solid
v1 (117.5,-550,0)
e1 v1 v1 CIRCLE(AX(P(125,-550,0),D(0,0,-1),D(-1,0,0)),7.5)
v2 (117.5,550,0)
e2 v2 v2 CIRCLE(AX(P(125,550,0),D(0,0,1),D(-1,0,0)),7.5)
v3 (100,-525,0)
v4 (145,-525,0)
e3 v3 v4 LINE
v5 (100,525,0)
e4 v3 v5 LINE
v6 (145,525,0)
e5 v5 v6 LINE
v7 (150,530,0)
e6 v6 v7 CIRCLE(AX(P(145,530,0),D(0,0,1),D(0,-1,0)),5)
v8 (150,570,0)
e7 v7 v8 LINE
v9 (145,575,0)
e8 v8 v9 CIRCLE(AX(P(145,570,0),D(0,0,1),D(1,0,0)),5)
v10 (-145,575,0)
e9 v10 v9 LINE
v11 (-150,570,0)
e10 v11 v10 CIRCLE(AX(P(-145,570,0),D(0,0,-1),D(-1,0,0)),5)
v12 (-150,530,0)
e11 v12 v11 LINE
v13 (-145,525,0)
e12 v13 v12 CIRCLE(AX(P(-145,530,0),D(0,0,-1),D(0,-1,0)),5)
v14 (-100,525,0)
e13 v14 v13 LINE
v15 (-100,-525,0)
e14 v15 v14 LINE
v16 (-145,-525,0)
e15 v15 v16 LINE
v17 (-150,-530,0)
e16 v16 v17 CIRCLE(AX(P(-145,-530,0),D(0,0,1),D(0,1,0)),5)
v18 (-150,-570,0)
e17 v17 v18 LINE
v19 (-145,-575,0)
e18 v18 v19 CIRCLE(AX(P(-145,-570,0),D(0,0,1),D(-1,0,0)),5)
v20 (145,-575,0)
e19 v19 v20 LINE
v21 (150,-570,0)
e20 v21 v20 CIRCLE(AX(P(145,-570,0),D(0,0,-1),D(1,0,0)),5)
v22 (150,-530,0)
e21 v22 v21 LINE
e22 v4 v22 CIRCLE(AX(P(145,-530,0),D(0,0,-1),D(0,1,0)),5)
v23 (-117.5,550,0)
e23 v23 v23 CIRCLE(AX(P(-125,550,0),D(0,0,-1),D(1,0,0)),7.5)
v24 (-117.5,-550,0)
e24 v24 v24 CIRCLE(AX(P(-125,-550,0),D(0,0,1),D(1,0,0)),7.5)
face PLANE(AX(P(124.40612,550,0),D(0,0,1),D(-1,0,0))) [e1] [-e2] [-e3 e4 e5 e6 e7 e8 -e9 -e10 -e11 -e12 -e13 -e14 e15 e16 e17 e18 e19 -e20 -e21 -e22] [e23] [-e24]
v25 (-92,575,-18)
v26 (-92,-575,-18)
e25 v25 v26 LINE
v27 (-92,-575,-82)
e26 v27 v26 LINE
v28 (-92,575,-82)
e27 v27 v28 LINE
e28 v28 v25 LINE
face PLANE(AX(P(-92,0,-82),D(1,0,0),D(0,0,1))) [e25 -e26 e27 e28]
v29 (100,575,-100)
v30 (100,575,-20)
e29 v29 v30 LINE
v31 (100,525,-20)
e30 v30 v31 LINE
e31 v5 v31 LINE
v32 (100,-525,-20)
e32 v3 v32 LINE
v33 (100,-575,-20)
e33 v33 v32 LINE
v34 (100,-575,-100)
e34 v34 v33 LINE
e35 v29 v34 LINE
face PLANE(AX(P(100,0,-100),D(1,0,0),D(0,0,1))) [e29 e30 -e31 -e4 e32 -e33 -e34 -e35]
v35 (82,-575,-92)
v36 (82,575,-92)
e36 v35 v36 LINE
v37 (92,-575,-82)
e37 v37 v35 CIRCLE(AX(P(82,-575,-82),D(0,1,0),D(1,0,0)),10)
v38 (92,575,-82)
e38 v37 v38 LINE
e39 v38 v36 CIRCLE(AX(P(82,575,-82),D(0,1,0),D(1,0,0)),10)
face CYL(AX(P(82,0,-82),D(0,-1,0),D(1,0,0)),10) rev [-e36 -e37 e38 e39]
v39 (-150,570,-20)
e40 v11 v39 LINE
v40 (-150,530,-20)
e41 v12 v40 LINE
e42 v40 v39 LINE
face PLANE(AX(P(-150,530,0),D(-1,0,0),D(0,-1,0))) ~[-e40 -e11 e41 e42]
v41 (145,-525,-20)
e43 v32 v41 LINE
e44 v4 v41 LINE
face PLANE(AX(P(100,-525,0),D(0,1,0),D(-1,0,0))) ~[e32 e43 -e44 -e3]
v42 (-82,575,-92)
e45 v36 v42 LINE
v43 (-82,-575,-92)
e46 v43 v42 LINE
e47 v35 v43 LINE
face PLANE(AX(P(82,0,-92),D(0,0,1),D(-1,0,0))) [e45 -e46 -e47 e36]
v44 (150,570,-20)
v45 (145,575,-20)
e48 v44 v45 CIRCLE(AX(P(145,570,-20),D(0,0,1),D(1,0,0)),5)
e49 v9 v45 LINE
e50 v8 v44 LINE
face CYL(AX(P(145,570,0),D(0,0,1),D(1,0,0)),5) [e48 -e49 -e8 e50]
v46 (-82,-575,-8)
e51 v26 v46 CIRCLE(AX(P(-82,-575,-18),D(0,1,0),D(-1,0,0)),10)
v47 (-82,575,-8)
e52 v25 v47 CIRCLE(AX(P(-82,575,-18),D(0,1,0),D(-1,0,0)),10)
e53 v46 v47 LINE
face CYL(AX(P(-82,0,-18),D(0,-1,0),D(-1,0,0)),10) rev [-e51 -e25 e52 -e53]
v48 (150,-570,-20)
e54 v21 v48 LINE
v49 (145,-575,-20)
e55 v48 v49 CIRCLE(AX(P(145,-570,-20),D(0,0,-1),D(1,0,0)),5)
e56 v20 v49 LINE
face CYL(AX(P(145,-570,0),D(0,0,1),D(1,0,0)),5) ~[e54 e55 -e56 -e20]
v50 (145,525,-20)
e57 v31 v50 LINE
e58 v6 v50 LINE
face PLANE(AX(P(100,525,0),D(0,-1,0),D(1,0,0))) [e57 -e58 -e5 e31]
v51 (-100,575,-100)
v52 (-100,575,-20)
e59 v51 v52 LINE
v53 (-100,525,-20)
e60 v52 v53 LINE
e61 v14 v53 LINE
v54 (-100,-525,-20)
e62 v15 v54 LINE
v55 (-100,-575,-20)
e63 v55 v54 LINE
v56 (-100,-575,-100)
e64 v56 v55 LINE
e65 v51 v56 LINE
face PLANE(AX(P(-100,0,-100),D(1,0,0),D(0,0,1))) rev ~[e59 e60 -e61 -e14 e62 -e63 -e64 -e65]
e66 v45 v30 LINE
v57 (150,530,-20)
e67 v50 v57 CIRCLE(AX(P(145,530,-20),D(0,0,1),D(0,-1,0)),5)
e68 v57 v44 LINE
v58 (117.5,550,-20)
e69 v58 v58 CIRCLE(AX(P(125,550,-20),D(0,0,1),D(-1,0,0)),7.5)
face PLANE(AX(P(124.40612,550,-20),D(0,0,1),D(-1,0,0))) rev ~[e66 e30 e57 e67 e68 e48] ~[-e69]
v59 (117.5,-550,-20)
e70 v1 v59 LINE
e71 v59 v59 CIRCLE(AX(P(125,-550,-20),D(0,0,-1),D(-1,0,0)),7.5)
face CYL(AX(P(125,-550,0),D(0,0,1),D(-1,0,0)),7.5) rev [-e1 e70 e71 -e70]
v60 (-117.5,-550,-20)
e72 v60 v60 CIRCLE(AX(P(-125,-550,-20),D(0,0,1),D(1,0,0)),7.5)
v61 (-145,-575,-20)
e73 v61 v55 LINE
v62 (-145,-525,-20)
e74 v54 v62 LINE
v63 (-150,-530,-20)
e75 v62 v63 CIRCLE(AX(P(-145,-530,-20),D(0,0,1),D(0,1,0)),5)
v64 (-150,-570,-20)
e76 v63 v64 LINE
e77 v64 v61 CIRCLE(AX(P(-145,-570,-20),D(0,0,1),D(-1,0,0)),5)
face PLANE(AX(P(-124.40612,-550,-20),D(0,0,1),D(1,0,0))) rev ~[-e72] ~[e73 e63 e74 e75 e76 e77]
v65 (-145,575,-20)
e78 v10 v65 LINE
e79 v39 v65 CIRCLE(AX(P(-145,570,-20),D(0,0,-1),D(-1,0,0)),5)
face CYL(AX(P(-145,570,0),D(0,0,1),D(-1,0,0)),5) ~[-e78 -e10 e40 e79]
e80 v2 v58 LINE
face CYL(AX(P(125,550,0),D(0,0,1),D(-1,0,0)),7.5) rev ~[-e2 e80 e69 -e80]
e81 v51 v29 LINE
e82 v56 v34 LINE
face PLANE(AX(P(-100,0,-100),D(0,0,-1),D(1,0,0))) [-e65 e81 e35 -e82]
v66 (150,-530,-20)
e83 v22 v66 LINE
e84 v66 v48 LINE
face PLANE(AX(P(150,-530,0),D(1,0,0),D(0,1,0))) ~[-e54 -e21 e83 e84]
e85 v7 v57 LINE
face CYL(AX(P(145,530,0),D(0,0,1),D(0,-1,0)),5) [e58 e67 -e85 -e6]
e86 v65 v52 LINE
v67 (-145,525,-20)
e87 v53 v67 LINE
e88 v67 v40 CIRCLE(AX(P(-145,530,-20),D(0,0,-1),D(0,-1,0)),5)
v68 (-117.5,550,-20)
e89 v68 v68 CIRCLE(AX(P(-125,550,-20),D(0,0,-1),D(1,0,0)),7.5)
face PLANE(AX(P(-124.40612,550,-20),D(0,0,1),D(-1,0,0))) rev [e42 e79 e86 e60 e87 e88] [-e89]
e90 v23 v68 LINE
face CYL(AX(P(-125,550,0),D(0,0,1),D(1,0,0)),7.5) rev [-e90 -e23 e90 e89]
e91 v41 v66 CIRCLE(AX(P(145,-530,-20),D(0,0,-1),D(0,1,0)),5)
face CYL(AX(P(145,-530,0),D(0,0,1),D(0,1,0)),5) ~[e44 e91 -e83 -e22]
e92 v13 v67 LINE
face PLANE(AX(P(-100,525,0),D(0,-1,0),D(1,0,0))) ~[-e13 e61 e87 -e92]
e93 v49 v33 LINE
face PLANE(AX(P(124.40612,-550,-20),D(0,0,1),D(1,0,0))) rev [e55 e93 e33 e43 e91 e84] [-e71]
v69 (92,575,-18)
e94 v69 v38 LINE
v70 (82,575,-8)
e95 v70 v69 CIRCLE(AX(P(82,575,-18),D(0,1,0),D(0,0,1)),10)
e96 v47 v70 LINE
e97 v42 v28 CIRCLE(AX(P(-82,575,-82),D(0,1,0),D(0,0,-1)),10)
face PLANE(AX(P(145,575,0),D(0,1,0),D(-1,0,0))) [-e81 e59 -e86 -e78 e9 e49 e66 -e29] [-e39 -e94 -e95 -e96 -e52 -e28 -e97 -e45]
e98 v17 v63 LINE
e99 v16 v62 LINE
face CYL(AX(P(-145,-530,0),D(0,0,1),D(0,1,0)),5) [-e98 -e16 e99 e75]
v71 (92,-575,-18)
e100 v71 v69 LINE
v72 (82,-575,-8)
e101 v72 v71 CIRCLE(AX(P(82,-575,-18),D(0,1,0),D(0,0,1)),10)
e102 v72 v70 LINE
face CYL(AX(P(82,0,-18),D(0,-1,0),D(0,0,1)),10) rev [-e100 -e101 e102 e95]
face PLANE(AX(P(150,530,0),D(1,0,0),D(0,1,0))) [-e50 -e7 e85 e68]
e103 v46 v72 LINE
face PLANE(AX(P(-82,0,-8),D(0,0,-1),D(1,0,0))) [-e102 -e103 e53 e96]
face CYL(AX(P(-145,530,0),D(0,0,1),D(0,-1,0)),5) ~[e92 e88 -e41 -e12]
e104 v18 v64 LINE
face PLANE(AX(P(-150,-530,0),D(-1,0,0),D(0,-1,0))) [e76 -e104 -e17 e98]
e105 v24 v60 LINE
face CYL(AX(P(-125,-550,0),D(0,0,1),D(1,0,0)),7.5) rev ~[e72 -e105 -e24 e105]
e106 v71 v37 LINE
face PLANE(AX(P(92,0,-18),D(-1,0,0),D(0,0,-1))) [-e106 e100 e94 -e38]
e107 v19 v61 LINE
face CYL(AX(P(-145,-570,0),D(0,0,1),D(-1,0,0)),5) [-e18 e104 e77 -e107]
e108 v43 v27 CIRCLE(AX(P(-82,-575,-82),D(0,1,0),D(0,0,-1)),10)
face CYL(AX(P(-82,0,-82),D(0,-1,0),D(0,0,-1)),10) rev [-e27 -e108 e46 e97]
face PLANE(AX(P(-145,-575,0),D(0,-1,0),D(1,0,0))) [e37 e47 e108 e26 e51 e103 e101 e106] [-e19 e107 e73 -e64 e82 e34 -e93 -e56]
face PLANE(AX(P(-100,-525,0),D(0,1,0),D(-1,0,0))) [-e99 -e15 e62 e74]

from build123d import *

# Parameters (mm, degrees)
F0_W     = 200
F0_H     = 100
F1_DEPTH = 575
F2_R     = 7.5
F3_DEPTH = 20


with BuildPart() as f1:
    # F0 (on Front) → F1 (new body, symmetric)
    with BuildSketch(Plane.XZ):
        with Locations((0, -50)):
            Rectangle(F0_W, F0_H)
        with BuildLine():
            ThreePointArc((-92, -18), (-89.0710678119, -10.9289321881), (-82, -8))
            Line((-82, -8), (82, -8))
            ThreePointArc((82, -8), (89.0710678119, -10.9289321881), (92, -18))
            Line((92, -18), (92, -82))
            ThreePointArc((92, -82), (89.0710678119, -89.0710678119), (82, -92))
            Line((82, -92), (-82, -92))
            ThreePointArc((-82, -92), (-89.0710678119, -89.0710678119), (-92, -82))
            Line((-92, -82), (-92, -18))
        make_face(mode=Mode.SUBTRACT)
    extrude(amount=F1_DEPTH, both=True)

    # F2 (on face) → F3 (join)
    with BuildSketch(Plane.XY):
        with BuildLine():
            Line((-145, -575), (-100, -575))
            Line((-100, -575), (-100, -525))
            Line((-100, -525), (-145, -525))
            ThreePointArc((-145, -525), (-148.5355339059, -526.4644660941), (-150, -530))
            Line((-150, -530), (-150, -570))
            ThreePointArc((-150, -570), (-148.5355339059, -573.5355339059), (-145, -575))
        make_face()
        with Locations((-125, -550)):
            Circle(F2_R, mode=Mode.SUBTRACT)
    extrude(amount=-F3_DEPTH)

    # F4: F1 across plane


with BuildPart() as f1_1:
    add(f1.part)
    add(f1.part.mirror(Plane.XZ))

    # F5: F1 across plane


with BuildPart() as f1_2:
    add(f1_1.part)
    add(f1_1.part.mirror(Plane.YZ))


solid = f1_2.part
